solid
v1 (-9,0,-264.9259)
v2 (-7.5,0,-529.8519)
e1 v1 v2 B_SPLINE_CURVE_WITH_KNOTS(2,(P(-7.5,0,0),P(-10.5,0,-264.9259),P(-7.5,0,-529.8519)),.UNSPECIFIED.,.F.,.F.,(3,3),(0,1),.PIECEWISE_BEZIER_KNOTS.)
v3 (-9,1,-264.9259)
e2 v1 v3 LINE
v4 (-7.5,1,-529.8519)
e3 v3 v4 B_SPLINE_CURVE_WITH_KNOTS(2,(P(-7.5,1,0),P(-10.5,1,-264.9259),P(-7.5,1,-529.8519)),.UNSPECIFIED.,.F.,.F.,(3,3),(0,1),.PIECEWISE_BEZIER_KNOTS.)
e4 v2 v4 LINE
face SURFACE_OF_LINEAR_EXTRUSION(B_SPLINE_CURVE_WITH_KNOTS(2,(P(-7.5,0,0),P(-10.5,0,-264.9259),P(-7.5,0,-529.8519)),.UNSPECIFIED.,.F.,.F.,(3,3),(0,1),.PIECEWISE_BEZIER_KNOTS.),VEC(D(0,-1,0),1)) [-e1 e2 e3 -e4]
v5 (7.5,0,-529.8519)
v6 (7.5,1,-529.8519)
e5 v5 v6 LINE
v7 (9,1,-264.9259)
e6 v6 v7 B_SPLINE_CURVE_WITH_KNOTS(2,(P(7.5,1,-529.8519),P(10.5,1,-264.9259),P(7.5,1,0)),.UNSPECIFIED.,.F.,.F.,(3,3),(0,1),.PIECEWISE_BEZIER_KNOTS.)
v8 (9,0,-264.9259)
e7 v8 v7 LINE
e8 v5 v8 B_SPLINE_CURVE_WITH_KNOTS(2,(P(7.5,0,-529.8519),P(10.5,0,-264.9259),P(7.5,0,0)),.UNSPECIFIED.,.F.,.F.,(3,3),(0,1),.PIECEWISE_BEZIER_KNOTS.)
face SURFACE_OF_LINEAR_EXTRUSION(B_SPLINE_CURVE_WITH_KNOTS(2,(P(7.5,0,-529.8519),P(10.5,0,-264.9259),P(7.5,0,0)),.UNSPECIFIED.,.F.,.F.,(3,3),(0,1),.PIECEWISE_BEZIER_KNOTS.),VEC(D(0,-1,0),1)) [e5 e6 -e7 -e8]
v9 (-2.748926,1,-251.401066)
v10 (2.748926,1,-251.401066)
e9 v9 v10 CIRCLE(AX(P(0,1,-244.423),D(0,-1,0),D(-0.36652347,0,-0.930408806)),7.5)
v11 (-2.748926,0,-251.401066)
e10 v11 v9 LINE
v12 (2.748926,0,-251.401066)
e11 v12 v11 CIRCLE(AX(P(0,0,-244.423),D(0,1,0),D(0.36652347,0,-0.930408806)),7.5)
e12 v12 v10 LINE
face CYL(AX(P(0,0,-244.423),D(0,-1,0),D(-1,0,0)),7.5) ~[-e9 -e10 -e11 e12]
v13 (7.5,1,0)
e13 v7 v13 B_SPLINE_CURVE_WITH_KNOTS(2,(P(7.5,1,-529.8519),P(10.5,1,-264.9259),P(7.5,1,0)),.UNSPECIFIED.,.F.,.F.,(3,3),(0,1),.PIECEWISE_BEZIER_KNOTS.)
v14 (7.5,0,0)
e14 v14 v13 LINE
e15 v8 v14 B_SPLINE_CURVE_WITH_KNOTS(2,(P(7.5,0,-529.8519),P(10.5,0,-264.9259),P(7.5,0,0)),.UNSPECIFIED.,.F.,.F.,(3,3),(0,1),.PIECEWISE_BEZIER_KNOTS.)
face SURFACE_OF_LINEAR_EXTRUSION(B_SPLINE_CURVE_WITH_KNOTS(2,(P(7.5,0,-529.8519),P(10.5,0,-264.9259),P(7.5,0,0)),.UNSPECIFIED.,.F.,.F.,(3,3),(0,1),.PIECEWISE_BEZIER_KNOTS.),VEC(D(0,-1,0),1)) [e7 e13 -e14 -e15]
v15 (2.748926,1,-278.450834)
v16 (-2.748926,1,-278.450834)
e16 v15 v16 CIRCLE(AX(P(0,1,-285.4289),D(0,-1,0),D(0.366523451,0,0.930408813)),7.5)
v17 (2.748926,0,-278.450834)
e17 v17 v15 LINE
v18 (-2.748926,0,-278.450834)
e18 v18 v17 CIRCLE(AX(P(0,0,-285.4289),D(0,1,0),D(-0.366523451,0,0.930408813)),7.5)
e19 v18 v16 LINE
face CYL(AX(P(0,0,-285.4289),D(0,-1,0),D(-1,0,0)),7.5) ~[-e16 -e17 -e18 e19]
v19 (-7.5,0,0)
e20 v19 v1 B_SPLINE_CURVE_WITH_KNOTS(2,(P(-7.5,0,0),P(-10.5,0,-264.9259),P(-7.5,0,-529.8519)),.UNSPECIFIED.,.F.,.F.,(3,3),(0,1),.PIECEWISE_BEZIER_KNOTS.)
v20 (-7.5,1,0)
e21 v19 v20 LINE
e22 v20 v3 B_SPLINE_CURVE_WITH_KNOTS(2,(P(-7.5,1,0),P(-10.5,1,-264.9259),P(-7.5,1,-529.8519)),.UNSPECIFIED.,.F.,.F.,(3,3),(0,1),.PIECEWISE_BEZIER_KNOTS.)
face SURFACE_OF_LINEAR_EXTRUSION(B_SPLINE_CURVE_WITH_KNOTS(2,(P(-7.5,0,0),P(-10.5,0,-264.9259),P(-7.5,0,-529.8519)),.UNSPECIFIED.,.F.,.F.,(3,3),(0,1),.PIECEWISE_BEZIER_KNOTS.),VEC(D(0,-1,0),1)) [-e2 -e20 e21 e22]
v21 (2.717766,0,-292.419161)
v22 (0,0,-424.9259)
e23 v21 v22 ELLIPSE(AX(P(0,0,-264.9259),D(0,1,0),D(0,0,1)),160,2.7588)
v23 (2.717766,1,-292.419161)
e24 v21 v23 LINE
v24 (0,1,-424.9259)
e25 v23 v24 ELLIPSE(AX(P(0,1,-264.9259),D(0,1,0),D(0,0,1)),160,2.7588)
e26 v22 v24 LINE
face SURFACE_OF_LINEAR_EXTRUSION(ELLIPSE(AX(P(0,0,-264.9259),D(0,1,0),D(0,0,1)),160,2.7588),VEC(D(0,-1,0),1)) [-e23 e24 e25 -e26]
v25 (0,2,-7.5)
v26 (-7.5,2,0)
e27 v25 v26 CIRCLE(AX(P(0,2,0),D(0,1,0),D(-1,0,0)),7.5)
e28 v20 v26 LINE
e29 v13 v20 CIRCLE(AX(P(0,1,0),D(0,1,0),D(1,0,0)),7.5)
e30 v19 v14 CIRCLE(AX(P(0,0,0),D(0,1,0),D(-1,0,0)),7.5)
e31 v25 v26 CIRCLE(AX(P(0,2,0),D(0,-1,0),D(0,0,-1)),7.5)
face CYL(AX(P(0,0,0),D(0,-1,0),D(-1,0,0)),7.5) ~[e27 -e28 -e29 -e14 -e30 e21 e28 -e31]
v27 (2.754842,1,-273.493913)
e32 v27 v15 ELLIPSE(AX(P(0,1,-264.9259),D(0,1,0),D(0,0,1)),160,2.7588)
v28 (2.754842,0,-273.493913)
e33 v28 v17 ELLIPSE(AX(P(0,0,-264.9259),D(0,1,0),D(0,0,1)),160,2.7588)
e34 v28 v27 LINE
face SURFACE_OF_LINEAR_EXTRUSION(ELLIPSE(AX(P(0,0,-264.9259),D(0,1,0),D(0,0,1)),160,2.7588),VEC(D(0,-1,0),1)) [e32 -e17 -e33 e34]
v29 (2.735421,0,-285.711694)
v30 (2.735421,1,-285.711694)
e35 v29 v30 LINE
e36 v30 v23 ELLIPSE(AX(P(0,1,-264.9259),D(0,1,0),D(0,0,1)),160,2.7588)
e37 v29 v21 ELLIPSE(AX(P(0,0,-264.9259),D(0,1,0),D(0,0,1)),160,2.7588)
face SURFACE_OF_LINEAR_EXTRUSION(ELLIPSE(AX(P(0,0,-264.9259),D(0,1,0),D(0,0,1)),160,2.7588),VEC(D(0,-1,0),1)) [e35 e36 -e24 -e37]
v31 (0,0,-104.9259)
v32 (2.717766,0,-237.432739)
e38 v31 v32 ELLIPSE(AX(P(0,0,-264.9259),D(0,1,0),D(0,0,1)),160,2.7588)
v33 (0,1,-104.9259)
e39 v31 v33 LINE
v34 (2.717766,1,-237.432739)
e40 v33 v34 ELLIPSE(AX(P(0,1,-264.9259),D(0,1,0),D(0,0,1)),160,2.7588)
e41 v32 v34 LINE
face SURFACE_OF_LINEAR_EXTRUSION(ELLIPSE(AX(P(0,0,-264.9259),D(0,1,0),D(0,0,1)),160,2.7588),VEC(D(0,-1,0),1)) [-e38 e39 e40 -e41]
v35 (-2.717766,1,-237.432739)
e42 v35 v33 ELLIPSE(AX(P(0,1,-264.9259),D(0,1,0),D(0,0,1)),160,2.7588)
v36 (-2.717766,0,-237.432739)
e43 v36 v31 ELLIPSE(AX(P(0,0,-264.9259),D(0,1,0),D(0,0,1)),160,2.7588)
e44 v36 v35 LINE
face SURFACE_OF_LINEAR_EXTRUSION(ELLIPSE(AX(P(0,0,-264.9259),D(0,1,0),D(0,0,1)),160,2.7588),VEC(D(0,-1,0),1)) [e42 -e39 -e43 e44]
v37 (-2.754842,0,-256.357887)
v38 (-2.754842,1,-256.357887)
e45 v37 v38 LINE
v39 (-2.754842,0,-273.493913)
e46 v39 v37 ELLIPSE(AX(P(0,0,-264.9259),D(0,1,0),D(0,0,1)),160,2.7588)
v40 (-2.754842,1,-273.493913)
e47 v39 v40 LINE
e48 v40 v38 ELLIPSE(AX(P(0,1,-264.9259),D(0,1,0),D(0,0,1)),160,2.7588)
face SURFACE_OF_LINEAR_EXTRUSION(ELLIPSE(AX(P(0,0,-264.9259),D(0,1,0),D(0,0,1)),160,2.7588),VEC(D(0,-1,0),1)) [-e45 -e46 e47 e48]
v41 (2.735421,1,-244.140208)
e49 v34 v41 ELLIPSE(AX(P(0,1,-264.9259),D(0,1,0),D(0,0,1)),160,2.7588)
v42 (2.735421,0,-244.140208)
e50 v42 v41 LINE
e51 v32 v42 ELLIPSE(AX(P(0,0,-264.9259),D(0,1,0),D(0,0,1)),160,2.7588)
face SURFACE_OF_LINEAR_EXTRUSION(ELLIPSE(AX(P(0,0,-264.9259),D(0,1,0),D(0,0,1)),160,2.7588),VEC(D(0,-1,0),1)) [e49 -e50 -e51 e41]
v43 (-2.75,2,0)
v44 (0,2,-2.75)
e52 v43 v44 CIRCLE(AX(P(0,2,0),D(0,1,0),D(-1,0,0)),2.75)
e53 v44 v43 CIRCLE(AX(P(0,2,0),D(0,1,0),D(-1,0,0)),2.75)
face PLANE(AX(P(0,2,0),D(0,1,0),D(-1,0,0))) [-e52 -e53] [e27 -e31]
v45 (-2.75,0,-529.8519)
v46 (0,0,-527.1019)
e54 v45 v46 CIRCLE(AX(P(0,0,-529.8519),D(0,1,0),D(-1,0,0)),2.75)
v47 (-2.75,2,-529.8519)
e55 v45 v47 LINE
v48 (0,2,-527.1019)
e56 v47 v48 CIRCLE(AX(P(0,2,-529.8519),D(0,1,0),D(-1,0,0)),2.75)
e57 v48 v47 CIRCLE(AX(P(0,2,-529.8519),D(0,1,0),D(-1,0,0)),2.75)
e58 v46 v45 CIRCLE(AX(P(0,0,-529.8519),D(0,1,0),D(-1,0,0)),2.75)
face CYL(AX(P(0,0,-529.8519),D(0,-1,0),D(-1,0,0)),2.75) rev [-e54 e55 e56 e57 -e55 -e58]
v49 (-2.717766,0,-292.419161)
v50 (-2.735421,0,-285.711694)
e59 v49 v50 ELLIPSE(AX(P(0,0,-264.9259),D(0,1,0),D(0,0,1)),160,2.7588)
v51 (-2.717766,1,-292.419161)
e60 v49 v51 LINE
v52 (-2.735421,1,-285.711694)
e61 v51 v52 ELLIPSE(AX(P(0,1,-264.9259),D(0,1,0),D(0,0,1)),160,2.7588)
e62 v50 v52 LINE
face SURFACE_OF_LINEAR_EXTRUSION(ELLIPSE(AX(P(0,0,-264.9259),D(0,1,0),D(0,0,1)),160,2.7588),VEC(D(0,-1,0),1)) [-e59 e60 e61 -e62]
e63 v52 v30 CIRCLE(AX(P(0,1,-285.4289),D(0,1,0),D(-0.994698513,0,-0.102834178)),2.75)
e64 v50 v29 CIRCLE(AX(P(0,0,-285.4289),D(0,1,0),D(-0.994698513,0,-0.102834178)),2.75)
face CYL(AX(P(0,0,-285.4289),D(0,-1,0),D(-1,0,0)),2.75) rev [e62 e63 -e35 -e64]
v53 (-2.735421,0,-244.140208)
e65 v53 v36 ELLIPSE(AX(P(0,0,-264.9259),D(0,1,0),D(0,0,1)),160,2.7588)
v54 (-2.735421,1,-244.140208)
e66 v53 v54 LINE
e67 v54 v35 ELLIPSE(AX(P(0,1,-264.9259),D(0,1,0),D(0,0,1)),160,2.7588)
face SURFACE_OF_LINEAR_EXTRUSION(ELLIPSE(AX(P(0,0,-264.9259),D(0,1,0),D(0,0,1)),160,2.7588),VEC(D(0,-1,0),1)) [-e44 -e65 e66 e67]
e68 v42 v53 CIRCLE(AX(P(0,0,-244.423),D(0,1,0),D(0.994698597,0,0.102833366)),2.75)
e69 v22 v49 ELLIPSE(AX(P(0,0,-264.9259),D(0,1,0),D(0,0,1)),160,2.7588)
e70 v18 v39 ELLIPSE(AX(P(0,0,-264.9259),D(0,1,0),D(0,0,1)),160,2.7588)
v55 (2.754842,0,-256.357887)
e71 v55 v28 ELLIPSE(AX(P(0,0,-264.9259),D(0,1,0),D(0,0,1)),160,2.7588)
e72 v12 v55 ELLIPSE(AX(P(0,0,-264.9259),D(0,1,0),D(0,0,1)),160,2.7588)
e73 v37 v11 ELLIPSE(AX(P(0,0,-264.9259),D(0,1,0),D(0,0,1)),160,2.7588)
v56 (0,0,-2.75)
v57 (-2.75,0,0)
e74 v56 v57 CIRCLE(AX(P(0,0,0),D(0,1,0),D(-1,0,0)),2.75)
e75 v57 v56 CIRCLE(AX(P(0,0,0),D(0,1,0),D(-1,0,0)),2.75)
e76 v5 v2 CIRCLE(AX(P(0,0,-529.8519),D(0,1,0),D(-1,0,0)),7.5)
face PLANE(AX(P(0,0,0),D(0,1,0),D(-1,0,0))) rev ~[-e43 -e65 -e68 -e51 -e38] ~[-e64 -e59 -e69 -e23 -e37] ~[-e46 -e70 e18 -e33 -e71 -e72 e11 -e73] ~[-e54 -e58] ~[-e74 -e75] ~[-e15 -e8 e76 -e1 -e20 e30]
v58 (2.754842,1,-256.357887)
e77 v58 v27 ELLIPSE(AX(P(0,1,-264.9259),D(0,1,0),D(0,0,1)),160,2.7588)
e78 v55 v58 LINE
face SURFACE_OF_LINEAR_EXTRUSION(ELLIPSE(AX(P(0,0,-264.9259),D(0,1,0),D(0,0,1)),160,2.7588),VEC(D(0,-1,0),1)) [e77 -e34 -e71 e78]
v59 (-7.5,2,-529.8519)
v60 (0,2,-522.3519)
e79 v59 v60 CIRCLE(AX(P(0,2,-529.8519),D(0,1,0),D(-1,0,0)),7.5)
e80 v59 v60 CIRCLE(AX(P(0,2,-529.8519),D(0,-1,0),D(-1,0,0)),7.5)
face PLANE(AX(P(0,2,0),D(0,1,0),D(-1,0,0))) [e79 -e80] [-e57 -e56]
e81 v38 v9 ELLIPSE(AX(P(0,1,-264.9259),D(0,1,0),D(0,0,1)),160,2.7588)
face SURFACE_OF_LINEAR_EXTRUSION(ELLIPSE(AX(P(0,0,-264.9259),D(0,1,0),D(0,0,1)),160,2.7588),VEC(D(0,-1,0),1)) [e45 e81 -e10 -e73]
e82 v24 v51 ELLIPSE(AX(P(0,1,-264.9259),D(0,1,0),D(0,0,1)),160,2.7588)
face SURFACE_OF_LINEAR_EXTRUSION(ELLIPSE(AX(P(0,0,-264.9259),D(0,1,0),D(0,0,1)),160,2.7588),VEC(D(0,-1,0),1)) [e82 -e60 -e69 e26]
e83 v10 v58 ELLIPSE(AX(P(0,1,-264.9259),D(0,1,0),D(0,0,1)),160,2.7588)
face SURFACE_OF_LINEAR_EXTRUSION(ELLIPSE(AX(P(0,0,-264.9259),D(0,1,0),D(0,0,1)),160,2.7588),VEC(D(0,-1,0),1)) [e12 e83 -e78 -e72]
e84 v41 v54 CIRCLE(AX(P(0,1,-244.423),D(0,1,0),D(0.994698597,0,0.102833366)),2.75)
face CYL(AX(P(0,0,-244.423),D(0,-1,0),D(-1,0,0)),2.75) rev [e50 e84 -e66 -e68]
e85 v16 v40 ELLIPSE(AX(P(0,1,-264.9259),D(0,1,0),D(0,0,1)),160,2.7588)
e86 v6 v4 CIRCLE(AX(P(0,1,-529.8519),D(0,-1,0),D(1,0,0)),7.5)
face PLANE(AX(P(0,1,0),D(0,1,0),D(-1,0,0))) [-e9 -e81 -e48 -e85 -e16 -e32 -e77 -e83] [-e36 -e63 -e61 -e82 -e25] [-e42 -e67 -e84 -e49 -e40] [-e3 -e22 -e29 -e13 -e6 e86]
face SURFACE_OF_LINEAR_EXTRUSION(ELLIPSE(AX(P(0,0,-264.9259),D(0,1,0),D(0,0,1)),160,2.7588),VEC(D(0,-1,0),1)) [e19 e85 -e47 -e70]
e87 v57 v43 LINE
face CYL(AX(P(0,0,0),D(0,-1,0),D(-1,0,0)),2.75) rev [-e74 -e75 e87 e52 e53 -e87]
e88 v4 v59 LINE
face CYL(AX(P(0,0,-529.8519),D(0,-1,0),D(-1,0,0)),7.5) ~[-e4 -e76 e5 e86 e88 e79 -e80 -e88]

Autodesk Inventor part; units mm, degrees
ref_plane "YZ Plane" through (0, 0, 0) normal (1, 0, 0) x (0, 1, 0)
ref_plane "XZ Plane" through (0, 0, 0) normal (0, 1, 0) x (-1, 0, 0)
ref_plane "XY Plane" through (0, 0, 0) normal (0, 0, 1) x (1, 0, 0)
sketch "Sketch1" plane through (0, 0, 0) normal (0, 1, 0) x (-1, 0, 0)
  line L0 (0, 0) -> (0, -244.423)
  line L1 (0, 0) -> (244.423, 0) construction
  line L2 (0, -244.423) -> (0, -285.4289)
  line L3 (0, -285.4289) -> (0, -529.8519)
  circle A0 centre (0, -244.423) radius 2.75
  circle A1 centre (0, -285.4289) radius 2.75
  circle A2 centre (0, 0) radius 2.75
  circle A3 centre (0, 0) radius 7.5
  circle A4 centre (0, -529.8519) radius 7.5
  circle A5 centre (0, -264.9259) radius 9
  spline S0 degree 2 poles (7.5, 0) (10.5, -264.9259) (7.5, -529.8519) knots 0 0 0 1 1 1
  spline S1 degree 2 poles (-7.5, -529.8519) (-10.5, -264.9259) (-7.5, 0) knots 0 0 0 1 1 1
  ellipse E0 centre (0, -264.9259) end of major axis (0, -104.9259) minor radius 2.7588
  circle A6 centre (0, -529.8519) radius 2.75
  circle A7 centre (0, -244.423) radius 7.5
  circle A8 centre (0, -285.4289) radius 7.5
  line L4 (7.5, -285.4289) -> (-7.5, -285.4289)
  line L5 (7.5, -244.423) -> (-7.5, -244.423)
  point P0 (9, -264.9259)
  point P1 (-9, -264.9259)
  point P2 (0, -522.3519)
  point P3 (0, -7.5)
  point P4 (-2.7354, -244.1399)
  point P5 (2.7354, -244.1399)
  point P6 (2.7366, -244.694)
  point P7 (2.7548, -256.3579)
  point P8 (-2.7548, -256.3579)
  point P9 (-2.7366, -244.694)
  point P10 (2.7548, -273.494)
  point P11 (2.7366, -285.1579)
  point P12 (2.7354, -285.712)
  point P13 (-2.7354, -285.712)
  point P14 (-2.7366, -285.1579)
  point P15 (-2.7548, -273.494)
  point P16 (2.7489, -278.4508)
  point P17 (-2.7489, -278.4508)
  point P18 (2.7489, -251.4011)
  point P19 (-2.7489, -251.4011)
  dimension "d15" = 160
  dimension "d0" = 244.423
  dimension "d1" = 90
  dimension "d2" = 41.0059
  dimension "d3" = 244.423
  dimension "d4" = 5.5
  dimension "d5" = 5.5
  dimension "d6" = 5.5
  dimension "d7" = 15
  dimension "d8" = 15
  dimension "d9" = 18
  dimension "d10" = 5.5
  dimension "d16" = 15
  dimension "d17" = 15
extrude "Extrusion1" add sketch "Sketch1" along normal blind 2 contours A3 | A4
extrude "Extrusion2" add sketch "Sketch1" along normal blind 1 contours A3 S0 A5 E0 A7 L0 | L0 E0 A7 A5 S1 A3 | E0 A0 L5 A7 | A7 L5 A0 E0 | A5 E0 | A5 E0 A8 L3 A4 S1 | A5 E0 | S0 A4 L3 E0 A8 A5 | L5 A0 E0 A7 | A7 E0 A0 L5 | E0 A1 L4 A8 | A8 L4 A1 E0 | L4 A1 E0 A8 | A8 E0 A1 L4
extrude "Extrusion3" add sketch "Sketch1" along normal blind 1 contours E0 A0 L2 A7 | A7 L2 A0 E0 | A8 L2 A1 E0 | E0 A1 L2 A8
properties part number "szalag3"
